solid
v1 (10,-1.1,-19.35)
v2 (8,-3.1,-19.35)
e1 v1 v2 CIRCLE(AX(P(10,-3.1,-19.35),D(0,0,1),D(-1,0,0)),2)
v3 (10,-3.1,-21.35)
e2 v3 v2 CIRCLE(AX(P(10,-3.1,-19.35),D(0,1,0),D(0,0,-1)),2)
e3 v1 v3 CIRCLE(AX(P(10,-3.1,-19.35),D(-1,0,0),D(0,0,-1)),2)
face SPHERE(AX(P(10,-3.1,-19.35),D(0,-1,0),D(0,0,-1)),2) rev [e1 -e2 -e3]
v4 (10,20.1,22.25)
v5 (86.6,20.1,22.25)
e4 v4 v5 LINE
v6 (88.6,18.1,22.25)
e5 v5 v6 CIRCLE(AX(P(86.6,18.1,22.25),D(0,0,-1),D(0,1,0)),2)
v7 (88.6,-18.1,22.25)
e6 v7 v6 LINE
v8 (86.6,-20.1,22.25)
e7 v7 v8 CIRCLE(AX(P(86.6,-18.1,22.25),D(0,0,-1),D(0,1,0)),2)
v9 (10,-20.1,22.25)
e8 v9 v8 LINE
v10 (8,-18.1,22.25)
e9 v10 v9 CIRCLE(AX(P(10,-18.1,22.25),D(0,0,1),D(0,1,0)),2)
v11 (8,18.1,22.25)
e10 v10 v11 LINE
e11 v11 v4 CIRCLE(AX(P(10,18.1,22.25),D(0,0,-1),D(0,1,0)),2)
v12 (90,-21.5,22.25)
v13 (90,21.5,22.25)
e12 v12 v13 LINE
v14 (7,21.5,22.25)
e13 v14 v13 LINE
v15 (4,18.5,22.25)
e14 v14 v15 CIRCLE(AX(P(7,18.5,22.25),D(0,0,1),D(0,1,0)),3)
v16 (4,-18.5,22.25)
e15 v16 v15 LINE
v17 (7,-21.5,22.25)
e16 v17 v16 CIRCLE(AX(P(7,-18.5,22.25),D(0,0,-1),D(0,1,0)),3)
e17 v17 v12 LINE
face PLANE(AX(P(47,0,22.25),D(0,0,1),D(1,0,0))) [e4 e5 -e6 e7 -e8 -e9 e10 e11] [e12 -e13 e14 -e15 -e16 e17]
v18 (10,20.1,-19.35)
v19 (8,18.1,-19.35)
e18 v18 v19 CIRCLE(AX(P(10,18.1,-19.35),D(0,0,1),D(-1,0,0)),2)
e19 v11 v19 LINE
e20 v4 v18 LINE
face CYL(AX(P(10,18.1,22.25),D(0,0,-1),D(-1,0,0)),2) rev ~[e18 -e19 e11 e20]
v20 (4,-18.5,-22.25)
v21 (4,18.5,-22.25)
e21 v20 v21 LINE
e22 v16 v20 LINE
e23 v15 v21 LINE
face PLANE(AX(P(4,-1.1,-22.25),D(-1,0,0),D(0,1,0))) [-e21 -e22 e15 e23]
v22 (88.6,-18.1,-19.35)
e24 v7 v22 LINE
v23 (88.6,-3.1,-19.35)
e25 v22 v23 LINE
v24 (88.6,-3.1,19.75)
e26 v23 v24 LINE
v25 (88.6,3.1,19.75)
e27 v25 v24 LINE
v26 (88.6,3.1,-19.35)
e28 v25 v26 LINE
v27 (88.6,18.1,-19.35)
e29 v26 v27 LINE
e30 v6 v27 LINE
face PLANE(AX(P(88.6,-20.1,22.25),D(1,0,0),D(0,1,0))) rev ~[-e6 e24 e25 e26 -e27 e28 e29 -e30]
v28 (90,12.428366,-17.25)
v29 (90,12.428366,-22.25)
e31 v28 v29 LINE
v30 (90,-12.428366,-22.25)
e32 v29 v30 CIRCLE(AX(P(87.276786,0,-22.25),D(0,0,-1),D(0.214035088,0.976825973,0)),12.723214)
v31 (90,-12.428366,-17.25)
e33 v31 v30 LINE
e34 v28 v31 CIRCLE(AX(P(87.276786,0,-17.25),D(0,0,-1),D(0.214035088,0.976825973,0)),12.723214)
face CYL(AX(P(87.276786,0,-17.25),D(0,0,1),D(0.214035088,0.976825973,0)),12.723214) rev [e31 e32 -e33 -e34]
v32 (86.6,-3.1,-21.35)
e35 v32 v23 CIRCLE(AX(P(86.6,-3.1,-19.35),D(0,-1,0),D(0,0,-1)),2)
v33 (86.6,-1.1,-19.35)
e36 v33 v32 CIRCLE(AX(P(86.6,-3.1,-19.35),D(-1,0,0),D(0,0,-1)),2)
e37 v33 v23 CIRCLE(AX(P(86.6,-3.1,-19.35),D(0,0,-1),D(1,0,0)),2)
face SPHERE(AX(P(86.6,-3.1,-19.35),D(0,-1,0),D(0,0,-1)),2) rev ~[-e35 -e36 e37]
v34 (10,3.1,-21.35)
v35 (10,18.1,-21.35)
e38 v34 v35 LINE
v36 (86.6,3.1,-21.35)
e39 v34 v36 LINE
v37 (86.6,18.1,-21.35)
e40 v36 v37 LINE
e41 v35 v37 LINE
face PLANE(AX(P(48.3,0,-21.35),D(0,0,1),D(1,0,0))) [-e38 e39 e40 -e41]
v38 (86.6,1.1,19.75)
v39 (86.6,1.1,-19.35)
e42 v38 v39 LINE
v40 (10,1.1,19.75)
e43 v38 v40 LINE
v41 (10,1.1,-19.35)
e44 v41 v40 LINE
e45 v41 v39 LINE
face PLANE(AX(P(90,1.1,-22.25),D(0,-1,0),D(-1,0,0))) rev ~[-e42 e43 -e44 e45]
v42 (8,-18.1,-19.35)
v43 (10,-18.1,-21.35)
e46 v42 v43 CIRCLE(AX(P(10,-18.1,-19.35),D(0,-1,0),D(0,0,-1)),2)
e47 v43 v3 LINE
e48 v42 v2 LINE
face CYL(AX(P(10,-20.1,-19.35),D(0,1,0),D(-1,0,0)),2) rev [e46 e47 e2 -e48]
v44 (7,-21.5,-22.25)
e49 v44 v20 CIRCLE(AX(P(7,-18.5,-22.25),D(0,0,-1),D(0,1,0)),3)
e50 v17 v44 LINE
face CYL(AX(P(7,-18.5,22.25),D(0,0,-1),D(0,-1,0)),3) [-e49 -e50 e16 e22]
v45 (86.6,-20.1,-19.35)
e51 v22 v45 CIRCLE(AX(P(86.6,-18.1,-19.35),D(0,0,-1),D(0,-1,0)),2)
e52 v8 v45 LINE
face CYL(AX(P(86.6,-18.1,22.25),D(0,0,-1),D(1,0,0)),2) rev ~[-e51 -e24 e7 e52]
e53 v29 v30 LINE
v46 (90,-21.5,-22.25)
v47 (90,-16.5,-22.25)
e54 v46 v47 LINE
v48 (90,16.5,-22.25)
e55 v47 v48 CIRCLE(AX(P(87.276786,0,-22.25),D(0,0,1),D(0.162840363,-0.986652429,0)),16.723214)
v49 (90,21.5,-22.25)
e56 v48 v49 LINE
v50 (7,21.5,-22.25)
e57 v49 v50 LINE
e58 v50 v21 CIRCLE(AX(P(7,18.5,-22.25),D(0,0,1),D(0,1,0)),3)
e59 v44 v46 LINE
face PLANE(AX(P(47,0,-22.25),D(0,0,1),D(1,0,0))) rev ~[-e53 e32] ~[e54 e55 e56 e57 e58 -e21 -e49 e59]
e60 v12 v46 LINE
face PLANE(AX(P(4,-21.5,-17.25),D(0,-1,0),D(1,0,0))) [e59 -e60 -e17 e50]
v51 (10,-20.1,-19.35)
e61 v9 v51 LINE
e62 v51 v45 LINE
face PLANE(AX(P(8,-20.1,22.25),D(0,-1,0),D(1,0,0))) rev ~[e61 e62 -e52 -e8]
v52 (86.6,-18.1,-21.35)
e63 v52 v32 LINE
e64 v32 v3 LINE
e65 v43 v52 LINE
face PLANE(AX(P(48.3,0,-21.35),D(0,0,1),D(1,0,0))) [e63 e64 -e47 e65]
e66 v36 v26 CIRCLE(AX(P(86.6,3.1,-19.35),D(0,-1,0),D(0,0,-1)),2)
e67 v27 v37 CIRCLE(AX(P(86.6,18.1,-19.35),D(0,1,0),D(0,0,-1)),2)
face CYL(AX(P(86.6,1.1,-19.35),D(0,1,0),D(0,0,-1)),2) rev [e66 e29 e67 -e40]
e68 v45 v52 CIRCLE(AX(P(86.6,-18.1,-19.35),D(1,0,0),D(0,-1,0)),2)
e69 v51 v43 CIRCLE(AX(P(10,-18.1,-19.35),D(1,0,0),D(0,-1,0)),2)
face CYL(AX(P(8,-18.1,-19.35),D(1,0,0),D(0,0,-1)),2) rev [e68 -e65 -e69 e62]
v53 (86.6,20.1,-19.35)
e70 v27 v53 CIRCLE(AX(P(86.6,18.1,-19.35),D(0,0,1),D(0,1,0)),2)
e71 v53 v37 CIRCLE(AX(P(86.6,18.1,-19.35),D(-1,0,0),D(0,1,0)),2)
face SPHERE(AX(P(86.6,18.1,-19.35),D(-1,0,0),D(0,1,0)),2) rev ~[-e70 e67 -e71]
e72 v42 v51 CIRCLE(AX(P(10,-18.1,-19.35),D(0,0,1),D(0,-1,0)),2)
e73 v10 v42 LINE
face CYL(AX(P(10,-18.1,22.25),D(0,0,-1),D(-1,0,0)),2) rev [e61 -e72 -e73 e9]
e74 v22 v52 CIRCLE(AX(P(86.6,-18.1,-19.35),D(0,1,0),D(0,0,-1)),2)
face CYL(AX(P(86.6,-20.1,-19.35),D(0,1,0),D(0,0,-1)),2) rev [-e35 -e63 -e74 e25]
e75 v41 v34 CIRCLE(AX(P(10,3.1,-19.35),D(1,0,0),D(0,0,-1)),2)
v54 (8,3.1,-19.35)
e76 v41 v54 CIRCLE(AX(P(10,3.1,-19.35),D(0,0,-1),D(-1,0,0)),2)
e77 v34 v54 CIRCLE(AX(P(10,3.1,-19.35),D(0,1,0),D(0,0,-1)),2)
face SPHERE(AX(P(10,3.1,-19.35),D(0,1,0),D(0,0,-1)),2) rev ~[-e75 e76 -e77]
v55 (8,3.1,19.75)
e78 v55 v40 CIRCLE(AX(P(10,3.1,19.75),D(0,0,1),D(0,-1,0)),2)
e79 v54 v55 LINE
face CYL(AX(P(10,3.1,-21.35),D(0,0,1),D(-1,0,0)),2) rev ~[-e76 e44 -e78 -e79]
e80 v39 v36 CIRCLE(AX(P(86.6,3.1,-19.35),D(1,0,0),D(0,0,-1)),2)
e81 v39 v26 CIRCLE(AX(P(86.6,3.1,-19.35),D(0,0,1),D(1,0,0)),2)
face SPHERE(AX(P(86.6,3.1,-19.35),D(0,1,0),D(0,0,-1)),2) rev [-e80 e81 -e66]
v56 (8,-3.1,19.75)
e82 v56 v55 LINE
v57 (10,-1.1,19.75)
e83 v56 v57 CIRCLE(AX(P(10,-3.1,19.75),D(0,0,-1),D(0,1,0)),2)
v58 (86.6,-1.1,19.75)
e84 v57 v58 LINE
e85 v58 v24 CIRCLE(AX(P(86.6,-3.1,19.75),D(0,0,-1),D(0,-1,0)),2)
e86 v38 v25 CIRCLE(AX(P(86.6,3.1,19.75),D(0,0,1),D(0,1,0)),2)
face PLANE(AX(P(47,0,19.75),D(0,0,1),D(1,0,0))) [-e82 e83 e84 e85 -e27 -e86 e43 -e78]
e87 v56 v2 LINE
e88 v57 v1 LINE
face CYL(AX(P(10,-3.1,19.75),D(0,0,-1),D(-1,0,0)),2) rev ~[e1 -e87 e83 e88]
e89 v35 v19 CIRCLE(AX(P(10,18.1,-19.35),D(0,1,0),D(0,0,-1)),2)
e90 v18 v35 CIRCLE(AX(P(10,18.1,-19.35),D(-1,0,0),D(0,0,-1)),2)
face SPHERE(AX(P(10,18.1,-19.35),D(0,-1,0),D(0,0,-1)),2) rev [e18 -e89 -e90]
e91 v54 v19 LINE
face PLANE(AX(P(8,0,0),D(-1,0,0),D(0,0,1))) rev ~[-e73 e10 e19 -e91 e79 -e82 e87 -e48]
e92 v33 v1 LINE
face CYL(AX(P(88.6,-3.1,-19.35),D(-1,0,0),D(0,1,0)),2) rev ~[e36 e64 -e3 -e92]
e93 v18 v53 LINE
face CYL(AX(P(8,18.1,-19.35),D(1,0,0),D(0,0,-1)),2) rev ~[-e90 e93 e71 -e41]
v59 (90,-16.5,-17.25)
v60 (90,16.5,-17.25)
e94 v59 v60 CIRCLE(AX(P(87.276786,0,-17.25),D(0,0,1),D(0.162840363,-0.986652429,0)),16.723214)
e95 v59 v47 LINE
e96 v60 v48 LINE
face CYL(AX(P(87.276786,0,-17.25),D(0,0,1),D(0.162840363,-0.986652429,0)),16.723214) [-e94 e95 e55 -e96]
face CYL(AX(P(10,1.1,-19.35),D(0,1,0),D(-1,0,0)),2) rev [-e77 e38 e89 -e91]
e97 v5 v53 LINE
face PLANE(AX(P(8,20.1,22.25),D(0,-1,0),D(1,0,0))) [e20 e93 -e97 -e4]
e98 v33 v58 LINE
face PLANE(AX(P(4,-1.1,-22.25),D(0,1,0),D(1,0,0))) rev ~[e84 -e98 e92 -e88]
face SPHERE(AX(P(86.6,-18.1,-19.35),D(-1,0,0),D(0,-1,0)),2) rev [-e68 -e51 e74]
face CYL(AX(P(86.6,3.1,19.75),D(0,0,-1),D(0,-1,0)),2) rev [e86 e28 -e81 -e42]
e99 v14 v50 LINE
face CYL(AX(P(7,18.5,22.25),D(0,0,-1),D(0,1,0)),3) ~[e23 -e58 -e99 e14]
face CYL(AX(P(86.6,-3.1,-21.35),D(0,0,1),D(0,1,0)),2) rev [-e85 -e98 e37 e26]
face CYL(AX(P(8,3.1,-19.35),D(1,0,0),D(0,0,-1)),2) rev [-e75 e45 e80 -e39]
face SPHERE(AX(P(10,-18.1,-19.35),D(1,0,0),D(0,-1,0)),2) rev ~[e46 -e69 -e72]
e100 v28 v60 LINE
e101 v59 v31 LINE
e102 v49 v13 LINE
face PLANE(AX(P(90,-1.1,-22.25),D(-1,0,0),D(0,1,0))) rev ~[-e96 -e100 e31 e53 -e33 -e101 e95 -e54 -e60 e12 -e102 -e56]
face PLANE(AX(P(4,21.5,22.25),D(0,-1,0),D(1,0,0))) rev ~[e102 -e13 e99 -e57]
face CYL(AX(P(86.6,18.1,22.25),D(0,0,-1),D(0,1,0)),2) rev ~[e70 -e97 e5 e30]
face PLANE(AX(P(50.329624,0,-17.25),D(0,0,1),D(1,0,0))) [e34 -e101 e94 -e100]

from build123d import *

# Parameters (mm, degrees)
SKETCH_1_W                  = 86
SKETCH_1_H                  = 43
EXTRUDE_1_DEPTH             = 39.5
EXTRUDE_2_DEPTH             = 5
SKETCH_3_W                  = 80.6
SKETCH_3_H                  = 40.2
CUT_EXTRUDE_1_DEPTH         = 43.6
HOLE_WIZARD_8_3_8_3_1_D     = 8.3
HOLE_WIZARD_8_3_8_3_1_DEPTH = 3.2
FILLET_1_R                  = 3
EXTRUDE_START               = -4
SKETCH_6_R                  = 4.15
EXTRUDE_3_DEPTH             = 4
EXTRUDE_4_DEPTH             = 42
FILLET_2_R                  = 2


with BuildPart() as part:
    # Эскиз1 → Бобышка-Вытянуть1 (new body)
    with BuildSketch(Plane.XY.offset(22.25)):
        with Locations((47, 0)):
            Rectangle(SKETCH_1_W, SKETCH_1_H)
    extrude(amount=-EXTRUDE_1_DEPTH)

    # Эскиз2 → Бобышка-Вытянуть2 (add)
    with BuildSketch(Plane(origin=(0, 0, -17.25), x_dir=(-1, 0, 0), z_dir=(0, 0, -1))):
        with BuildLine():
            Line((-90, -21.5), (-90, -16.5))
            ThreePointArc((-90, -16.5), (-104, 0), (-90, 16.5))
            Line((-90, 16.5), (-90, 21.5))
            Line((-90, 21.5), (-4, 21.5))
            Line((-4, 21.5), (-4, -21.5))
            Line((-4, -21.5), (-90, -21.5))
        make_face()
        with BuildLine():
            Line((-90, -12.428366172), (-90, 12.428366172))
            ThreePointArc((-90, 12.428366172), (-100, 0), (-90, -12.428366172))
        make_face(mode=Mode.SUBTRACT)
    extrude(amount=EXTRUDE_2_DEPTH)

    # Эскиз3 → Вырез-Вытянуть1 (cut)
    with BuildSketch(Plane.XY.offset(22.25)):
        with Locations((48.3, 0)):
            Rectangle(SKETCH_3_W, SKETCH_3_H)
    extrude(amount=-CUT_EXTRUDE_1_DEPTH, mode=Mode.SUBTRACT)

    # Диаметр отверстия Ø8.3 (8.3)1
    with Locations(Plane.ZY.offset(-4)):
        with Locations((0, 0)):
            Hole(HOLE_WIZARD_8_3_8_3_1_D / 2, depth=HOLE_WIZARD_8_3_8_3_1_DEPTH)

    # Скругление1
    fillet_1_edges = [part.edges().sort_by_distance(p)[0] for p in [
        (4, -21.5, 0),
        (4, 21.5, 0),
    ]]
    fillet(fillet_1_edges, radius=FILLET_1_R)

    # Эскиз6 → Бобышка-Вытянуть3 (add)
    with BuildSketch(Plane.ZY.offset(-4).offset(EXTRUDE_START)):
        Circle(SKETCH_6_R)
    extrude(amount=EXTRUDE_3_DEPTH)

    # Эскиз7 → Бобышка-Вытянуть4 (add)
    with BuildSketch(Plane(origin=(0, 0, -22.25), x_dir=(-1, 0, 0), z_dir=(0, 0, -1))):
        Polygon((-90, -1.1), (-90, 1.1), (-4, 1.1), (-4, 0), (-4, -1.1), align=None)
    extrude(amount=-EXTRUDE_4_DEPTH)

    # Скругление2
    fillet_2_edges = [part.edges().sort_by_distance(p)[0] for p in [
        (48.3, -20.1, -21.35),
        (88.6, -20.1, 0.45),
        (8, 10.6, -21.35),
        (8, -20.1, 0.45),
        (48.3, 20.1, -21.35),
        (8, 20.1, 0.45),
        (88.6, -10.6, -21.35),
        (88.6, 20.1, 0.45),
        (88.6, 10.6, -21.35),
        (8, -10.6, -21.35),
        (48.3, -1.1, -21.35),
        (48.3, 1.1, -21.35),
        (8, 1.1, -0.8),
        (88.6, 1.1, -0.8),
        (8, -1.1, -0.8),
        (88.6, -1.1, -0.8),
    ]]
    fillet(fillet_2_edges, radius=FILLET_2_R)


solid = part.part
